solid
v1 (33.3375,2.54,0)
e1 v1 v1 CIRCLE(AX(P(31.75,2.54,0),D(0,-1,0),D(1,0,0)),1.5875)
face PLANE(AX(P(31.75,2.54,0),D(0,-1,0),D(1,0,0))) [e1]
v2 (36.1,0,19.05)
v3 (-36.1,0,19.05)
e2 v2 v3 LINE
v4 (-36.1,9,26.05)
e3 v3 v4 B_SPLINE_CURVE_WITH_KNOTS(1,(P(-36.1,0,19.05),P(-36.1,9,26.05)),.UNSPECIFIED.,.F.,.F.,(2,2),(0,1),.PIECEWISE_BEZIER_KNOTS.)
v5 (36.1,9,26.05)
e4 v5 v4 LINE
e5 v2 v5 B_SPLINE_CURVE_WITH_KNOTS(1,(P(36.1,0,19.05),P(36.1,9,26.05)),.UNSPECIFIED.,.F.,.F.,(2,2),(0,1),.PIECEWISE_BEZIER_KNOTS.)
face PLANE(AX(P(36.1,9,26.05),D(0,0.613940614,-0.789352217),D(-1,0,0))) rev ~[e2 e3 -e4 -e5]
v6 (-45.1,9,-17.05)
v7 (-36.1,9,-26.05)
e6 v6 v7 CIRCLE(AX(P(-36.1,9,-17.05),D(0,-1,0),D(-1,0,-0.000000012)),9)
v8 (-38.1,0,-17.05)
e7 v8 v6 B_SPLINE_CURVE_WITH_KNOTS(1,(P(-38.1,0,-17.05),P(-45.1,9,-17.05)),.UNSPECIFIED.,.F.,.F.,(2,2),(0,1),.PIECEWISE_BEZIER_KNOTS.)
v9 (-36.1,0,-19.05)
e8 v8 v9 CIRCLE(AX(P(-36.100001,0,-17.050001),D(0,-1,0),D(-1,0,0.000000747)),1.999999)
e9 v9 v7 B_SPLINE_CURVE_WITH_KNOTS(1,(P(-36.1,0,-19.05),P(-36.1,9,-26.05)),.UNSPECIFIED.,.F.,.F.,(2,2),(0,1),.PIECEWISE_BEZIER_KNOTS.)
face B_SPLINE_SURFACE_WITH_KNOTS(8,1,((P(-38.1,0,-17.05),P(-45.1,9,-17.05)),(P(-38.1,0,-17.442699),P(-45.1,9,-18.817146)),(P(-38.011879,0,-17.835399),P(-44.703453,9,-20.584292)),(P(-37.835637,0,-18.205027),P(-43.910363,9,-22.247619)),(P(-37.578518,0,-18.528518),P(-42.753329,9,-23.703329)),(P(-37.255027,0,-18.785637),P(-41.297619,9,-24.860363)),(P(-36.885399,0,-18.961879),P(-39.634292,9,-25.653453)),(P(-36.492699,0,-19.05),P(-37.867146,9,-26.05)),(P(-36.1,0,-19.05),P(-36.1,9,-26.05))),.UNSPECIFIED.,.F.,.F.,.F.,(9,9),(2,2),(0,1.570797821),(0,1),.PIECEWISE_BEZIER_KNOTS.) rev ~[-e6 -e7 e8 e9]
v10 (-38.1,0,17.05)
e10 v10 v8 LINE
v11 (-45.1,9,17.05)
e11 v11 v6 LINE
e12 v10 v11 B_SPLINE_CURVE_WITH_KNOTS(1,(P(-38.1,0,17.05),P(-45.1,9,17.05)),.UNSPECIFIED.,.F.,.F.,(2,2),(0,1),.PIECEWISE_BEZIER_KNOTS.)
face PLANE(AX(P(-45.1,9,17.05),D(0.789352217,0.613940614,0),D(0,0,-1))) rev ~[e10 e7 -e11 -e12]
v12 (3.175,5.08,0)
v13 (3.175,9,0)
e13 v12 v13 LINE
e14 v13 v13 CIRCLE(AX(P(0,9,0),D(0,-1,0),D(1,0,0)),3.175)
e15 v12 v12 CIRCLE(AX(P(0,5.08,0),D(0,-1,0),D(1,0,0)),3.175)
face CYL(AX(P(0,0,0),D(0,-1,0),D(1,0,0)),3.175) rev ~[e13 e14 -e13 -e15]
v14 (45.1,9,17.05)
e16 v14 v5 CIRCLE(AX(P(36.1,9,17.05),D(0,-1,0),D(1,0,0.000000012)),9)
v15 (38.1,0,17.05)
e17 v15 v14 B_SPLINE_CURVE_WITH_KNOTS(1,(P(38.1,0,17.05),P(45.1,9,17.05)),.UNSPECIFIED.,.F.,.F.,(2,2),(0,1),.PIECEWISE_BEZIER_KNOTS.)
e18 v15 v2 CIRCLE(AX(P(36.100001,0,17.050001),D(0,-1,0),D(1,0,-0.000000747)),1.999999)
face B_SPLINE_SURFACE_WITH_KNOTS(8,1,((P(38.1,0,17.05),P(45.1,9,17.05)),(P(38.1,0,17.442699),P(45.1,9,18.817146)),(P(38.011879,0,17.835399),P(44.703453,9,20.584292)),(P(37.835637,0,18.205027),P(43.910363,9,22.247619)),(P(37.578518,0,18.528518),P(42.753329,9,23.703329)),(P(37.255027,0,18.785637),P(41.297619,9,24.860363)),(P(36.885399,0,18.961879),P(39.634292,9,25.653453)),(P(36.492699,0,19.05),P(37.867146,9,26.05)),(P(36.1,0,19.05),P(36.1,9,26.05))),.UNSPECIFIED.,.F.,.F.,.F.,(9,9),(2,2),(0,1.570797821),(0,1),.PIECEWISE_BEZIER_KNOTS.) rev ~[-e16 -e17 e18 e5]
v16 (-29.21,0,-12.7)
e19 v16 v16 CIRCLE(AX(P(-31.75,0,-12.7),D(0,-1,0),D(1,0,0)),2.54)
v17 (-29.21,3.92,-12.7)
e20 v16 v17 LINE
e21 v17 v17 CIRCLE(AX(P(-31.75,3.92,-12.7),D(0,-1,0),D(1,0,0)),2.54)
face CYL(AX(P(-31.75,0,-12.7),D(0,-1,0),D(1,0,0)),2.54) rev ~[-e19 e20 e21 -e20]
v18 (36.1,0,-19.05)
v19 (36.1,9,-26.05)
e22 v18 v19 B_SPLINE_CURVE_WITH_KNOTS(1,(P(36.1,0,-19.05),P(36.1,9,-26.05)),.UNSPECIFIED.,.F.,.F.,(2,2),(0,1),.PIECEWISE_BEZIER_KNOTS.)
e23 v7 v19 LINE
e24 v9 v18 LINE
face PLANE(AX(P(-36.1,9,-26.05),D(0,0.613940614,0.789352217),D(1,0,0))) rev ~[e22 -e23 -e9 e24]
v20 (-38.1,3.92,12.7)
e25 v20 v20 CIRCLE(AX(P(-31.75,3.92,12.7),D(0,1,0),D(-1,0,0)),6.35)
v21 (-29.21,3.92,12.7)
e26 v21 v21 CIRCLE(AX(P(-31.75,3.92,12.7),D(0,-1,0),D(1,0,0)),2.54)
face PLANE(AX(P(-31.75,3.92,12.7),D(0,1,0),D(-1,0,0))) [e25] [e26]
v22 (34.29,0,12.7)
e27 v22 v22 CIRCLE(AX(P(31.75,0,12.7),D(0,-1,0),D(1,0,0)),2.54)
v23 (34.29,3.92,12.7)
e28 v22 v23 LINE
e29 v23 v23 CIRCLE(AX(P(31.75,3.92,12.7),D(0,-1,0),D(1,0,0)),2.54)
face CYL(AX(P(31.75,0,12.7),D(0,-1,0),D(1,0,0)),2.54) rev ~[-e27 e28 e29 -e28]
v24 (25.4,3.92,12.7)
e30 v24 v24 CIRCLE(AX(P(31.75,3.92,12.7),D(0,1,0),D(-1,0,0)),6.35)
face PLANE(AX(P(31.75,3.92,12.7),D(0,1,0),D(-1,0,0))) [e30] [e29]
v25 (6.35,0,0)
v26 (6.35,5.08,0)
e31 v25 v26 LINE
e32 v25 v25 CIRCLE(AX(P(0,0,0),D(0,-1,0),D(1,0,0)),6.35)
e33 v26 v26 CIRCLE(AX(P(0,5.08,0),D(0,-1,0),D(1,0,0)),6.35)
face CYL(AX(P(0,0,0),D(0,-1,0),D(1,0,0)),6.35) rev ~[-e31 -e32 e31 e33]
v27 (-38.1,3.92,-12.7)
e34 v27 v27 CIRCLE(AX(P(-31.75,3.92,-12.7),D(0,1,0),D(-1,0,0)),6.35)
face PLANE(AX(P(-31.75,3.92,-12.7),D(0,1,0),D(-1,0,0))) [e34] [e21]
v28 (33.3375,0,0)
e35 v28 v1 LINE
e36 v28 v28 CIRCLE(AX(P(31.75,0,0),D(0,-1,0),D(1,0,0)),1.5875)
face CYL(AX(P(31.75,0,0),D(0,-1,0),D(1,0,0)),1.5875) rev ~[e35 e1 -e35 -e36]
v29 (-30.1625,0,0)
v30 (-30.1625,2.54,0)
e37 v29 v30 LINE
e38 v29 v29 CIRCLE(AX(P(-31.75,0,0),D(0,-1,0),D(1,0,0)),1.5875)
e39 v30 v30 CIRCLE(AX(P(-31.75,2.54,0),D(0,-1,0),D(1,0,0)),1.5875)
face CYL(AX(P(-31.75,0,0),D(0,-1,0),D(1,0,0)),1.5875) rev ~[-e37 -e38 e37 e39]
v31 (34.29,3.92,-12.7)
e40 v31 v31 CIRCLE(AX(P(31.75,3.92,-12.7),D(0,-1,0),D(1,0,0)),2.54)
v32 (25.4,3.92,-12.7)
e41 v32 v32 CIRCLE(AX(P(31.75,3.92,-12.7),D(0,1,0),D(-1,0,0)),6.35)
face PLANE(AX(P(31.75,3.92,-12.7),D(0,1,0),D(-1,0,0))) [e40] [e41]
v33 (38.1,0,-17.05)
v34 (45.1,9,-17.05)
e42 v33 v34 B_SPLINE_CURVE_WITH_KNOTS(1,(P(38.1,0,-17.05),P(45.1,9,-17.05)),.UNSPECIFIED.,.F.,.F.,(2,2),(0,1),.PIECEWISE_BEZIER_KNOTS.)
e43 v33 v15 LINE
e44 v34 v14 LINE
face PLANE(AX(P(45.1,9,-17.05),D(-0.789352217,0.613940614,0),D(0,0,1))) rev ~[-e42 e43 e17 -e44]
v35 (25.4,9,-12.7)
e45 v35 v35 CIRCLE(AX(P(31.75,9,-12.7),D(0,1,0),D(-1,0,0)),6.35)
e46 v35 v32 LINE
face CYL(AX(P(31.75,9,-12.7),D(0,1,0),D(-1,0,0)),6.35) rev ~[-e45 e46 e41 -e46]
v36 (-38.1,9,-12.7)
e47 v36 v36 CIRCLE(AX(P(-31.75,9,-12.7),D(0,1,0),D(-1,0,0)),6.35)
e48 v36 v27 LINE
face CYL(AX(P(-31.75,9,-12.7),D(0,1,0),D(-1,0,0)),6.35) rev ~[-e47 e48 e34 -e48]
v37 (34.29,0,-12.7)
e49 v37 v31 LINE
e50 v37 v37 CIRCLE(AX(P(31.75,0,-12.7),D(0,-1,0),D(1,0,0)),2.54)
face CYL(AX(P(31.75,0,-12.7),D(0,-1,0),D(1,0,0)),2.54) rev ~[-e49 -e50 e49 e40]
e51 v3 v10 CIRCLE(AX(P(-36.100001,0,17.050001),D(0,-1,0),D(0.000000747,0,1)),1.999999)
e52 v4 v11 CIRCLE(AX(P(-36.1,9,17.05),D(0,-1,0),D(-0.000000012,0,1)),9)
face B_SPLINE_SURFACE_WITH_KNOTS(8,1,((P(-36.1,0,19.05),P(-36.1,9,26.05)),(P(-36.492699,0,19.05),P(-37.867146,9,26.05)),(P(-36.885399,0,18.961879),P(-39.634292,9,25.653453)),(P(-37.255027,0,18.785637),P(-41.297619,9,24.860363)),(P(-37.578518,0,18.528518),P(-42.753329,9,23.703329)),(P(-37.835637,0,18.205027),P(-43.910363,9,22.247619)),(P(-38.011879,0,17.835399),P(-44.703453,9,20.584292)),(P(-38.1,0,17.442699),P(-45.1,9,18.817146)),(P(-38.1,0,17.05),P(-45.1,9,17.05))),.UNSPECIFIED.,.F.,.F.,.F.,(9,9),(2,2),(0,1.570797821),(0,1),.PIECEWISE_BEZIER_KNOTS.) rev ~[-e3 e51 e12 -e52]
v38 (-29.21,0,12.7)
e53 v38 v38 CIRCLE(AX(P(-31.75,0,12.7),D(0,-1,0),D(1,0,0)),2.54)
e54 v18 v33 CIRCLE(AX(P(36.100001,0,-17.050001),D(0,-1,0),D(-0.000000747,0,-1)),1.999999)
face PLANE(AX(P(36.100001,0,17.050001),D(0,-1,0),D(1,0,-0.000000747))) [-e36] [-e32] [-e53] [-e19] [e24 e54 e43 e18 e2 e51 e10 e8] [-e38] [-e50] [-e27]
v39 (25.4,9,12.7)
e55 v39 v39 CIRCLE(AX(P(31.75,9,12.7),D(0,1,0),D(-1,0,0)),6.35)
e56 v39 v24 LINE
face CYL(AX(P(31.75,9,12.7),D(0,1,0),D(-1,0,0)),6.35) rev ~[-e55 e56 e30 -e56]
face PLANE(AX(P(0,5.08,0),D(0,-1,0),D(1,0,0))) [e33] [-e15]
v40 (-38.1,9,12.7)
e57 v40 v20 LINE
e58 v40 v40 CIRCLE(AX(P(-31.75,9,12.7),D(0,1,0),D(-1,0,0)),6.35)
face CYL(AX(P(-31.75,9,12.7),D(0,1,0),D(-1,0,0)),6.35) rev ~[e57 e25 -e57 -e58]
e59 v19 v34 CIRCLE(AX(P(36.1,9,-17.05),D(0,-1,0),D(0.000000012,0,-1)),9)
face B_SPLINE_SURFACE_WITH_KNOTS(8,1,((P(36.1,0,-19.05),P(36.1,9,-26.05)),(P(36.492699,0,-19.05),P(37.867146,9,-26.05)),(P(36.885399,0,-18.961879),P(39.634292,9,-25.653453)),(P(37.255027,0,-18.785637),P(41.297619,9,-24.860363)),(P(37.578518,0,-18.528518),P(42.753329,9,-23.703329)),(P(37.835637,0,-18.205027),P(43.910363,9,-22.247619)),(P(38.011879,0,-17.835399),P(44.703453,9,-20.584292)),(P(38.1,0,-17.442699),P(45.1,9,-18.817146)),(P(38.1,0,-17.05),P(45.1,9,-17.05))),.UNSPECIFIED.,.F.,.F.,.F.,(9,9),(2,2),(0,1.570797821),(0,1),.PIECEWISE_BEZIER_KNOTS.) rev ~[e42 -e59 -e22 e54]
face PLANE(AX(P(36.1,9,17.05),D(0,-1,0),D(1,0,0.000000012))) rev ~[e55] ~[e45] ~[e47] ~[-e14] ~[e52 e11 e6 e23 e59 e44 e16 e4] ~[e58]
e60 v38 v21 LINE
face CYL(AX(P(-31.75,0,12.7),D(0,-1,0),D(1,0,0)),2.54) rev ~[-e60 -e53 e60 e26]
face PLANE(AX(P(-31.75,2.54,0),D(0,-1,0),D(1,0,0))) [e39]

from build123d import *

# Parameters (mm, degrees)
F0_R      = 2.54
F0_R_2    = 3.175
F5_DEPTH  = 9
F6_R      = 1.5875
F7_DEPTH  = 2.54
F8_R      = 6.35
F9_DEPTH  = 5.08
F10_R     = 6.35
F11_DEPTH = 5.08


with BuildPart() as f4:
    # F1 (on Front) → F4 section 0
    with BuildSketch(Plane.XZ):
        with BuildLine():
            ThreePointArc((38.1, 17.05), (37.514214, 18.464214), (36.1, 19.05))
            Line((36.1, 19.05), (-36.1, 19.05))
            ThreePointArc((-36.1, 19.05), (-37.514214, 18.464214), (-38.1, 17.05))
            Line((-38.1, 17.05), (-38.1, -17.05))
            ThreePointArc((-38.1, -17.05), (-37.514214, -18.464214), (-36.1, -19.05))
            Line((-36.1, -19.05), (36.1, -19.05))
            ThreePointArc((36.1, -19.05), (37.514214, -18.464214), (38.1, -17.05))
            Line((38.1, -17.05), (38.1, 17.05))
        make_face()
    # F3 (on offset) → F4 section 1
    with BuildSketch(Plane.XZ.offset(-9)):
        with BuildLine():
            Line((36.1, 26.05), (-36.1, 26.05))
            ThreePointArc((-36.1, 26.05), (-42.463961, 23.413961), (-45.1, 17.05))
            Line((-45.1, 17.05), (-45.1, -17.05))
            ThreePointArc((-45.1, -17.05), (-42.463961, -23.413961), (-36.1, -26.05))
            Line((-36.1, -26.05), (36.1, -26.05))
            ThreePointArc((36.1, -26.05), (42.463961, -23.413961), (45.1, -17.05))
            Line((45.1, -17.05), (45.1, 17.05))
            ThreePointArc((45.1, 17.05), (42.463961, 23.413961), (36.1, 26.05))
        make_face()
    loft()

    # F0 (on Front) → F5 (cut, through all)
    with BuildSketch(Plane.XZ):
        with Locations((31.75, -12.7)):
            Circle(F0_R)
        with Locations((31.75, 12.7)):
            Circle(F0_R)
        with Locations((-31.75, -12.7)):
            Circle(F0_R)
        with Locations((-31.75, 12.7)):
            Circle(F0_R)
        Circle(F0_R_2)
    extrude(amount=-F5_DEPTH, mode=Mode.SUBTRACT)

    # F6 (on face) → F7 (cut)
    with BuildSketch(Plane.XZ):
        with Locations((31.75, 0)):
            Circle(F6_R)
        with Locations((-31.75, 0)):
            Circle(F6_R)
    extrude(amount=-F7_DEPTH, mode=Mode.SUBTRACT)

    # F8 (on face) → F9 (cut)
    with BuildSketch(Plane.XZ):
        Circle(F8_R)
    extrude(amount=-F9_DEPTH, mode=Mode.SUBTRACT)

    # F10 (on face) → F11 (cut)
    with BuildSketch(Plane(origin=(0, 9, 0), x_dir=(-1, 0, 0), z_dir=(0, 1, 0))):
        with Locations((-31.75, 12.7)):
            Circle(F10_R)
        with Locations((-31.75, -12.7)):
            Circle(F10_R)
        with Locations((31.75, 12.7)):
            Circle(F10_R)
        with Locations((31.75, -12.7)):
            Circle(F10_R)
    extrude(amount=-F11_DEPTH, mode=Mode.SUBTRACT)


solid = f4.part
